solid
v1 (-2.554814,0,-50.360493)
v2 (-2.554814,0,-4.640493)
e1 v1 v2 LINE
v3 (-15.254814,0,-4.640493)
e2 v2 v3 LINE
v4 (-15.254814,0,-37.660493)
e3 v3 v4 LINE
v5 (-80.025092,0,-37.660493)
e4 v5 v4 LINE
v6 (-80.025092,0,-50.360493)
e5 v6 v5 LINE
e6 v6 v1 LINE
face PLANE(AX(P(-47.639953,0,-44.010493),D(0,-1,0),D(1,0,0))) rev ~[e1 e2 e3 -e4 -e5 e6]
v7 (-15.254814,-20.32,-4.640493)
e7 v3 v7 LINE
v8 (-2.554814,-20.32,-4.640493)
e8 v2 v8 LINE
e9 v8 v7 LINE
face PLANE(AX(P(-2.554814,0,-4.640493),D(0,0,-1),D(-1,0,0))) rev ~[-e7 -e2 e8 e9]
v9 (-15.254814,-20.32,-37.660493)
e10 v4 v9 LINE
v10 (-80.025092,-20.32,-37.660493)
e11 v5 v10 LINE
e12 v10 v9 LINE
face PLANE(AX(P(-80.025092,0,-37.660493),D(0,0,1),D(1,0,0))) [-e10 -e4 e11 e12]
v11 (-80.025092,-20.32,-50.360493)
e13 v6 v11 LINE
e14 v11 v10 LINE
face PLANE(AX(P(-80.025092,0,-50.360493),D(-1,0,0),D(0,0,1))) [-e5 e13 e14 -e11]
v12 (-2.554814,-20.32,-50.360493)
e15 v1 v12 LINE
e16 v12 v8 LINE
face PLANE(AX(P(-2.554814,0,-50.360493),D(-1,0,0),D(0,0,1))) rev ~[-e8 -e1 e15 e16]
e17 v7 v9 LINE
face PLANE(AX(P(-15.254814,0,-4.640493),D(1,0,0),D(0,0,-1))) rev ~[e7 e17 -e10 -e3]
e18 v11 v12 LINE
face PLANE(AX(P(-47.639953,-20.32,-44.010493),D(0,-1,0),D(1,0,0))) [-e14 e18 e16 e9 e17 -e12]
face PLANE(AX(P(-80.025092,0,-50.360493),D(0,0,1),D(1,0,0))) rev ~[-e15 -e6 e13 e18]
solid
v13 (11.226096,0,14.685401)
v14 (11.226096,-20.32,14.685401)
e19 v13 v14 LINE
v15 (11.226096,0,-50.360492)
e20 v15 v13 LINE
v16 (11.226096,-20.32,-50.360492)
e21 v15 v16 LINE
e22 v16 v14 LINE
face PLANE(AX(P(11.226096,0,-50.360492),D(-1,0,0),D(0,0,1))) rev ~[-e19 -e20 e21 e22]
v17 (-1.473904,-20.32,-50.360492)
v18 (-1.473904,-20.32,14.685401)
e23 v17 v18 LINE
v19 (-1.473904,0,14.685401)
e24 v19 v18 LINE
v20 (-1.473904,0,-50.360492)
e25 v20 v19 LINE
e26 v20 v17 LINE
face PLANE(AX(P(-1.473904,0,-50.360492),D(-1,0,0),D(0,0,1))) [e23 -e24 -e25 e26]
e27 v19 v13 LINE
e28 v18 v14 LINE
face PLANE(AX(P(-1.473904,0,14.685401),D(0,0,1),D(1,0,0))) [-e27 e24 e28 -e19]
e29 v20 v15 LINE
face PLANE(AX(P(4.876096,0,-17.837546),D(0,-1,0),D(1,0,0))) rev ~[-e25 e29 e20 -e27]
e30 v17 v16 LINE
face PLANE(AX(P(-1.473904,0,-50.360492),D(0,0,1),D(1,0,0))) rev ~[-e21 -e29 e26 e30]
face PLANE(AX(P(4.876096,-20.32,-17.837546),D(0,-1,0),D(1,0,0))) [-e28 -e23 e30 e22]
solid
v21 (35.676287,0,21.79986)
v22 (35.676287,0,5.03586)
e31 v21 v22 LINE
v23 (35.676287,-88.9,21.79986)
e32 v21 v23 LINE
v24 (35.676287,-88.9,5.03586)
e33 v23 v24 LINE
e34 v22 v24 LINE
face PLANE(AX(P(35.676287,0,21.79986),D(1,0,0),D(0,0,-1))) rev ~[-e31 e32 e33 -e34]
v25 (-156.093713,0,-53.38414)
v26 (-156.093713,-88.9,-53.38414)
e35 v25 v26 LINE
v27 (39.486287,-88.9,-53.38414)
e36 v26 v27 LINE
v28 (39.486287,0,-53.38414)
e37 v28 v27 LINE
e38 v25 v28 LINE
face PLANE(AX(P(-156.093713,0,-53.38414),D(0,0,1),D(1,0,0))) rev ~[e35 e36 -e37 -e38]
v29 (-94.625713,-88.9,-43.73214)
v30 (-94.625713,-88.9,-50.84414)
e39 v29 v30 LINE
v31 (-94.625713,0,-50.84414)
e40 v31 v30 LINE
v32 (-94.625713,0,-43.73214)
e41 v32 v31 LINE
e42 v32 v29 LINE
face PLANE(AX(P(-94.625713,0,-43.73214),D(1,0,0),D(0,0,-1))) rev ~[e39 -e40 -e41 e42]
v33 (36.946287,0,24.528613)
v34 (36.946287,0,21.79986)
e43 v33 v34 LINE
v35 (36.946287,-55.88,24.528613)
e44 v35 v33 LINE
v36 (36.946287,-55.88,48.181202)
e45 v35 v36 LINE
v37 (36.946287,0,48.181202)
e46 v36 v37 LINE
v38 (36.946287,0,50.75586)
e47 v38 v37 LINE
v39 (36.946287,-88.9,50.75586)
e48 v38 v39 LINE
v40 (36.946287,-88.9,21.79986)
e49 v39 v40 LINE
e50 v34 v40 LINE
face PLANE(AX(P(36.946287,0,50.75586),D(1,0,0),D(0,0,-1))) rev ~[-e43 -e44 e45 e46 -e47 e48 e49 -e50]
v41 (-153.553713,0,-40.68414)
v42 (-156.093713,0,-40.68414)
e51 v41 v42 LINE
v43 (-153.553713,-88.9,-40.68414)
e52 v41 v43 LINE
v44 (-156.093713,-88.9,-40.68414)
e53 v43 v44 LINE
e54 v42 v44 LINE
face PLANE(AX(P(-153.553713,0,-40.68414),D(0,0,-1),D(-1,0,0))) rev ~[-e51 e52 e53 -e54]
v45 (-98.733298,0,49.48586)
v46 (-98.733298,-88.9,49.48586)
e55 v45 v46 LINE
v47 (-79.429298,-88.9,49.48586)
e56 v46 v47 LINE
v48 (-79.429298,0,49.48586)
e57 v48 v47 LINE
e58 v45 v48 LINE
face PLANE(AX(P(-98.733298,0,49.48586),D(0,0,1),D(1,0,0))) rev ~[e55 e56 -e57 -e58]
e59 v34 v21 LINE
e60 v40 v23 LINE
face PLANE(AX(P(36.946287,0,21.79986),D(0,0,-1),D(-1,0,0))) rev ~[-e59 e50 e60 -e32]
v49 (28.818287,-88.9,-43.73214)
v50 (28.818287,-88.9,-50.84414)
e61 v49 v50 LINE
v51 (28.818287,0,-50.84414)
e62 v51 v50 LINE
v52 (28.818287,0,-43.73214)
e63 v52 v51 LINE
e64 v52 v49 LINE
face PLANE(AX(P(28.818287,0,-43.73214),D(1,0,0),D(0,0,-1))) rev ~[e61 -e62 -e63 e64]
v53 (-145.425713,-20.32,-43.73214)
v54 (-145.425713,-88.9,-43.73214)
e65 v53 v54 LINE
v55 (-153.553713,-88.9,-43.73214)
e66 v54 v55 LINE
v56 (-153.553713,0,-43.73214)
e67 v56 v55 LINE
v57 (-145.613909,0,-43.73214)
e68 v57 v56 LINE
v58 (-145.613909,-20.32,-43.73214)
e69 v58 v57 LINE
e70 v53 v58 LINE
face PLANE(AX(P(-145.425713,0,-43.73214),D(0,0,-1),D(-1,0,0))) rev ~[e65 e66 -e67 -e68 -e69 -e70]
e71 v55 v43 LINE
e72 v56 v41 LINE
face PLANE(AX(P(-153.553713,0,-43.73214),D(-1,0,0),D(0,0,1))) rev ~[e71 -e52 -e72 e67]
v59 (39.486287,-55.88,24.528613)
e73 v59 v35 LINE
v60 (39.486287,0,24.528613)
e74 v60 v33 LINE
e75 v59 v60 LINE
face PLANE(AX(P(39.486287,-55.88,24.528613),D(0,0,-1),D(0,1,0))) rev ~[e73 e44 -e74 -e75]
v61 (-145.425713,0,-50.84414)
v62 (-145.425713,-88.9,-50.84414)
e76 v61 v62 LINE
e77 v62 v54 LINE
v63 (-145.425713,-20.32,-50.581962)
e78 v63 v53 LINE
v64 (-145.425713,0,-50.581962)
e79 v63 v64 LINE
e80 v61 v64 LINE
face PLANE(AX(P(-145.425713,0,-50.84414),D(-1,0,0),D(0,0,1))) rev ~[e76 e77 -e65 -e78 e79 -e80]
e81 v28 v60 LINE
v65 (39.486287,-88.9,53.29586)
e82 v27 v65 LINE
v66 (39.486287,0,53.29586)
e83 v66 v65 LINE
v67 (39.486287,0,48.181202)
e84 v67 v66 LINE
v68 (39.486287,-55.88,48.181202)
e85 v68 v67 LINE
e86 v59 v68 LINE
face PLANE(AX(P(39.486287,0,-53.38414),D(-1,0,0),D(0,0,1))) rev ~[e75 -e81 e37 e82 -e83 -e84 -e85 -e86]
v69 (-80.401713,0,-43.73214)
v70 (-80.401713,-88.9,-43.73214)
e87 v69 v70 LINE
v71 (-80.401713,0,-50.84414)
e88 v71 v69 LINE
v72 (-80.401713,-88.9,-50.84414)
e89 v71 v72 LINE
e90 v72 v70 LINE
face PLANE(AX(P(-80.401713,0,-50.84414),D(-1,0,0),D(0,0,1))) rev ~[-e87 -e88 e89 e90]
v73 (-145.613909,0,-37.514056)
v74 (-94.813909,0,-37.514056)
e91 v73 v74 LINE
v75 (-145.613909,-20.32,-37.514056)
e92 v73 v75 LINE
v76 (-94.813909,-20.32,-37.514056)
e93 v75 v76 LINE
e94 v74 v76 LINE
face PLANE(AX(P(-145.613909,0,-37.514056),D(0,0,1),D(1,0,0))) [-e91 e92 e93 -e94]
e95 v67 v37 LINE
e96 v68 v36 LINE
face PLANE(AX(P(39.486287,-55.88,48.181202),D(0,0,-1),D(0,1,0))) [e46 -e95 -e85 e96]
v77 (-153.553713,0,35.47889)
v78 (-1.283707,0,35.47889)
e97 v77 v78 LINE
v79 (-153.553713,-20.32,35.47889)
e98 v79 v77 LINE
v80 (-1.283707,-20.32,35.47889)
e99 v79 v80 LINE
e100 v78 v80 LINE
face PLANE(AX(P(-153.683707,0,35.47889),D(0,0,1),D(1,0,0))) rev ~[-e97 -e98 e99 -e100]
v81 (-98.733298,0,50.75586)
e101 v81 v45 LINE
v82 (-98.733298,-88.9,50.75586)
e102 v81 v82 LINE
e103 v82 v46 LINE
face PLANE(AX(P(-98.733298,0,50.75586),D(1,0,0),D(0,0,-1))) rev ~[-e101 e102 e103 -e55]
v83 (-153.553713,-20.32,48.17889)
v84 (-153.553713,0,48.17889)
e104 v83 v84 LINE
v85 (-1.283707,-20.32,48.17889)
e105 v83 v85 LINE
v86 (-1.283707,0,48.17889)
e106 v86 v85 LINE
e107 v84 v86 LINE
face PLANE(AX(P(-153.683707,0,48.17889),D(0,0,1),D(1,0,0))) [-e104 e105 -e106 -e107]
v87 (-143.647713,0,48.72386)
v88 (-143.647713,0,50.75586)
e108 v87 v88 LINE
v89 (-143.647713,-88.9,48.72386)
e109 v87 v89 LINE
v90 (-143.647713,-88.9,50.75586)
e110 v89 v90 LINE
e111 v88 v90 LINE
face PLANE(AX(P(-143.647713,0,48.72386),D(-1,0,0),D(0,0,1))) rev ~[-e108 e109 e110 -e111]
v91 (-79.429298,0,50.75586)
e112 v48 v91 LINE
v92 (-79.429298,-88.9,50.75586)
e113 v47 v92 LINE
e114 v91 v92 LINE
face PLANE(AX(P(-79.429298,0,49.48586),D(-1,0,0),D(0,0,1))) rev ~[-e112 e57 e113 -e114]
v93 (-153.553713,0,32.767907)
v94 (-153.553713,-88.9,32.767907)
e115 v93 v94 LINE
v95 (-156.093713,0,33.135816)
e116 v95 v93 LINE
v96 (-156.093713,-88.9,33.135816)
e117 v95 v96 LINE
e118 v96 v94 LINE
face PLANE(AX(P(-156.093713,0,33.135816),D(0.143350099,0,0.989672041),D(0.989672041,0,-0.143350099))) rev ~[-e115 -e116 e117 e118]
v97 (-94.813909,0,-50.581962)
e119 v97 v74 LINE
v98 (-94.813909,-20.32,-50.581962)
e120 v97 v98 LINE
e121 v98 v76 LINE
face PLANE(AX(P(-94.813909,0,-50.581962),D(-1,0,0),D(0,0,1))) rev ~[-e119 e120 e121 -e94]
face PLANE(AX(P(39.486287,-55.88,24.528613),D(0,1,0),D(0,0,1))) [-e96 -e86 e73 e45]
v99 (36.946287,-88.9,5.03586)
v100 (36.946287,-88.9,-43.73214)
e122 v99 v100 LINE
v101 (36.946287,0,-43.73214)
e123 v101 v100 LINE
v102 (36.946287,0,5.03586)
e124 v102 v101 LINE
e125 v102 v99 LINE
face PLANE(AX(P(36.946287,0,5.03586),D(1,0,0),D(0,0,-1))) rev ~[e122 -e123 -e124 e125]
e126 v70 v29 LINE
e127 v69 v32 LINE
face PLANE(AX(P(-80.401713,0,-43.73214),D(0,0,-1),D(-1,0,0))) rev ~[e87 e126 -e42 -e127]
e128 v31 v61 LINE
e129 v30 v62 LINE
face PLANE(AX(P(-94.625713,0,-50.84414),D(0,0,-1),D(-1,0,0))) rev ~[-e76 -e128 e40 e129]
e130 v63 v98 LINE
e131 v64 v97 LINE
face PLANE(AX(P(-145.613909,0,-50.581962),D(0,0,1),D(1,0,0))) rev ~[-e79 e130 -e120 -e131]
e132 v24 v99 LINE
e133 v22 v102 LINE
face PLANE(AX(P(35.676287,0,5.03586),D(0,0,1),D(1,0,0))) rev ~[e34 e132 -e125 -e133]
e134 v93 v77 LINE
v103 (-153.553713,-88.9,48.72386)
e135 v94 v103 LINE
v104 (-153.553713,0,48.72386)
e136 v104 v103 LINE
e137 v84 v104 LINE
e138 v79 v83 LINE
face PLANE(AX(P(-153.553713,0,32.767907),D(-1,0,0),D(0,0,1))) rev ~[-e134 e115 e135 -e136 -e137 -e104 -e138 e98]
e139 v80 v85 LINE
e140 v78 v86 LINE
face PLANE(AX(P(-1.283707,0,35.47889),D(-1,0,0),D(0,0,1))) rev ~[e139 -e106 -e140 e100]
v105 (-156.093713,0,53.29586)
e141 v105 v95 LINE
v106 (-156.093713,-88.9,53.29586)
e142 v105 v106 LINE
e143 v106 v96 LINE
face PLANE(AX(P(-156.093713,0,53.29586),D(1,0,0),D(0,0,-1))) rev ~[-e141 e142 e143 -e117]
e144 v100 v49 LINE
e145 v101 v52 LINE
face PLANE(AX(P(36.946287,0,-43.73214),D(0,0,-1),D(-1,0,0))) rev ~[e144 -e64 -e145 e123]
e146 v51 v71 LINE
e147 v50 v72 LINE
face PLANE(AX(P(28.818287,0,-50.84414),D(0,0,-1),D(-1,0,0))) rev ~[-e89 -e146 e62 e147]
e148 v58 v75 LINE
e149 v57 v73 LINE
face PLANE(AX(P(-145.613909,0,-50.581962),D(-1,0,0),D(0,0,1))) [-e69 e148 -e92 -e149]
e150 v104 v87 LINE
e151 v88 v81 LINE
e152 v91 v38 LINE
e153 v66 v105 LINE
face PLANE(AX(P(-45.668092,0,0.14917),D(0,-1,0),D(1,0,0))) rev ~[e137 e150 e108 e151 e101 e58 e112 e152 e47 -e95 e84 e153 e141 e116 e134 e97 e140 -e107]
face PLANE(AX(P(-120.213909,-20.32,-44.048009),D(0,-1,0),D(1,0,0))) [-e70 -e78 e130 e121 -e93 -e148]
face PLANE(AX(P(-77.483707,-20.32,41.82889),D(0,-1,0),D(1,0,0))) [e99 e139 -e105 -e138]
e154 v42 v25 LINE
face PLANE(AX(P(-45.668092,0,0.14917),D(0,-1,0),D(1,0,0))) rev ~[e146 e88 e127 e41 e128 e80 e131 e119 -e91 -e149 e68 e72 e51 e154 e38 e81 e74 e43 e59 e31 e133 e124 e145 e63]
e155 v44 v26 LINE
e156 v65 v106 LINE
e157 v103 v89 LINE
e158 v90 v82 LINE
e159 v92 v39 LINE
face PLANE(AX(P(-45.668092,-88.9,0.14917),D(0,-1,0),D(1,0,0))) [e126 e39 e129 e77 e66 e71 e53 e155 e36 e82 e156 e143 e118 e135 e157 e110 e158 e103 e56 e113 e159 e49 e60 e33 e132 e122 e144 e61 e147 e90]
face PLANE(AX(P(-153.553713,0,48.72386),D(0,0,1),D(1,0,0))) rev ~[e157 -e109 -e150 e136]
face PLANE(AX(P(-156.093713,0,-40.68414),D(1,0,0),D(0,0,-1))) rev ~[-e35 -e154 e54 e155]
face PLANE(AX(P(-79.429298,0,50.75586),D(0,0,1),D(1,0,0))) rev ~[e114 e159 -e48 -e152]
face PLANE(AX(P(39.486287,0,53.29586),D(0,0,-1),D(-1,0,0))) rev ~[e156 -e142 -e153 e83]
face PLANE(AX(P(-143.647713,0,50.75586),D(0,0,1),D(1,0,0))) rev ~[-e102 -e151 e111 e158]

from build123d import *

# Parameters (mm, degrees)
F1_DEPTH = 88.9
F2_W     = 55.88
F2_H     = 23.652589
F3_DEPTH = 25.4
F5_W     = 152.4
F5_H     = 12.7
F4_W     = 50.8
F4_H     = 13.067906
F6_W     = 64.770278
F6_H     = 12.7
F7_W     = 12.7
F7_H     = 65.045893
F8_DEPTH = 20.32


with BuildPart() as f1:
    # F0 (on Front) → F1 (new body)
    with BuildSketch(Plane.XZ):
        Polygon((-143.647713, 48.72386), (-143.647713, 50.75586), (-98.733298, 50.75586), (-98.733298, 49.48586), (-79.429298, 49.48586), (-79.429298, 50.75586), (36.946287, 50.75586), (36.946287, 21.79986), (35.676287, 21.79986), (35.676287, 5.03586), (36.946287, 5.03586), (36.946287, -43.73214), (28.818287, -43.73214), (28.818287, -50.84414), (-80.401713, -50.84414), (-80.401713, -43.73214), (-94.625713, -43.73214), (-94.625713, -50.84414), (-145.425713, -50.84414), (-145.425713, -43.73214), (-153.553713, -43.73214), (-153.553713, -40.68414), (-156.093713, -40.68414), (-156.093713, -53.38414), (39.486287, -53.38414), (39.486287, -50.84414), (39.486287, 53.29586), (-156.093713, 53.29586), (-156.093713, 33.135816), (-153.553713, 32.767907), (-153.553713, 48.72386), align=None)
    extrude(amount=F1_DEPTH)

    # F2 (on face) → F3 (cut)
    with BuildSketch(Plane.YZ.offset(39.486287)):
        with Locations((-27.94, 36.354907)):
            Rectangle(F2_W, F2_H)
    extrude(amount=-F3_DEPTH, mode=Mode.SUBTRACT)

    # F5 (on Front) + F4 (on Front) + F6 (on Front) + F7 (on Front) → F8 (join)
    with BuildSketch(Plane.XZ):
        with Locations((-77.483707, 41.82889)):
            Rectangle(F5_W, F5_H)
    with BuildSketch(Plane.XZ):
        with Locations((-120.213909, -44.048009)):
            Rectangle(F4_W, F4_H)
    with BuildSketch(Plane.XZ):
        with Locations((-47.639953, -44.010493)):
            Rectangle(F6_W, F6_H)
        Polygon((-15.254814, -37.660493), (-15.254814, -50.360493), (-2.554814, -50.360493), (-2.554814, -4.640493), (-15.254814, -4.640493), align=None)
    with BuildSketch(Plane.XZ):
        with Locations((4.876096, -17.837546)):
            Rectangle(F7_W, F7_H)
    extrude(amount=F8_DEPTH)


solid = f1.part
